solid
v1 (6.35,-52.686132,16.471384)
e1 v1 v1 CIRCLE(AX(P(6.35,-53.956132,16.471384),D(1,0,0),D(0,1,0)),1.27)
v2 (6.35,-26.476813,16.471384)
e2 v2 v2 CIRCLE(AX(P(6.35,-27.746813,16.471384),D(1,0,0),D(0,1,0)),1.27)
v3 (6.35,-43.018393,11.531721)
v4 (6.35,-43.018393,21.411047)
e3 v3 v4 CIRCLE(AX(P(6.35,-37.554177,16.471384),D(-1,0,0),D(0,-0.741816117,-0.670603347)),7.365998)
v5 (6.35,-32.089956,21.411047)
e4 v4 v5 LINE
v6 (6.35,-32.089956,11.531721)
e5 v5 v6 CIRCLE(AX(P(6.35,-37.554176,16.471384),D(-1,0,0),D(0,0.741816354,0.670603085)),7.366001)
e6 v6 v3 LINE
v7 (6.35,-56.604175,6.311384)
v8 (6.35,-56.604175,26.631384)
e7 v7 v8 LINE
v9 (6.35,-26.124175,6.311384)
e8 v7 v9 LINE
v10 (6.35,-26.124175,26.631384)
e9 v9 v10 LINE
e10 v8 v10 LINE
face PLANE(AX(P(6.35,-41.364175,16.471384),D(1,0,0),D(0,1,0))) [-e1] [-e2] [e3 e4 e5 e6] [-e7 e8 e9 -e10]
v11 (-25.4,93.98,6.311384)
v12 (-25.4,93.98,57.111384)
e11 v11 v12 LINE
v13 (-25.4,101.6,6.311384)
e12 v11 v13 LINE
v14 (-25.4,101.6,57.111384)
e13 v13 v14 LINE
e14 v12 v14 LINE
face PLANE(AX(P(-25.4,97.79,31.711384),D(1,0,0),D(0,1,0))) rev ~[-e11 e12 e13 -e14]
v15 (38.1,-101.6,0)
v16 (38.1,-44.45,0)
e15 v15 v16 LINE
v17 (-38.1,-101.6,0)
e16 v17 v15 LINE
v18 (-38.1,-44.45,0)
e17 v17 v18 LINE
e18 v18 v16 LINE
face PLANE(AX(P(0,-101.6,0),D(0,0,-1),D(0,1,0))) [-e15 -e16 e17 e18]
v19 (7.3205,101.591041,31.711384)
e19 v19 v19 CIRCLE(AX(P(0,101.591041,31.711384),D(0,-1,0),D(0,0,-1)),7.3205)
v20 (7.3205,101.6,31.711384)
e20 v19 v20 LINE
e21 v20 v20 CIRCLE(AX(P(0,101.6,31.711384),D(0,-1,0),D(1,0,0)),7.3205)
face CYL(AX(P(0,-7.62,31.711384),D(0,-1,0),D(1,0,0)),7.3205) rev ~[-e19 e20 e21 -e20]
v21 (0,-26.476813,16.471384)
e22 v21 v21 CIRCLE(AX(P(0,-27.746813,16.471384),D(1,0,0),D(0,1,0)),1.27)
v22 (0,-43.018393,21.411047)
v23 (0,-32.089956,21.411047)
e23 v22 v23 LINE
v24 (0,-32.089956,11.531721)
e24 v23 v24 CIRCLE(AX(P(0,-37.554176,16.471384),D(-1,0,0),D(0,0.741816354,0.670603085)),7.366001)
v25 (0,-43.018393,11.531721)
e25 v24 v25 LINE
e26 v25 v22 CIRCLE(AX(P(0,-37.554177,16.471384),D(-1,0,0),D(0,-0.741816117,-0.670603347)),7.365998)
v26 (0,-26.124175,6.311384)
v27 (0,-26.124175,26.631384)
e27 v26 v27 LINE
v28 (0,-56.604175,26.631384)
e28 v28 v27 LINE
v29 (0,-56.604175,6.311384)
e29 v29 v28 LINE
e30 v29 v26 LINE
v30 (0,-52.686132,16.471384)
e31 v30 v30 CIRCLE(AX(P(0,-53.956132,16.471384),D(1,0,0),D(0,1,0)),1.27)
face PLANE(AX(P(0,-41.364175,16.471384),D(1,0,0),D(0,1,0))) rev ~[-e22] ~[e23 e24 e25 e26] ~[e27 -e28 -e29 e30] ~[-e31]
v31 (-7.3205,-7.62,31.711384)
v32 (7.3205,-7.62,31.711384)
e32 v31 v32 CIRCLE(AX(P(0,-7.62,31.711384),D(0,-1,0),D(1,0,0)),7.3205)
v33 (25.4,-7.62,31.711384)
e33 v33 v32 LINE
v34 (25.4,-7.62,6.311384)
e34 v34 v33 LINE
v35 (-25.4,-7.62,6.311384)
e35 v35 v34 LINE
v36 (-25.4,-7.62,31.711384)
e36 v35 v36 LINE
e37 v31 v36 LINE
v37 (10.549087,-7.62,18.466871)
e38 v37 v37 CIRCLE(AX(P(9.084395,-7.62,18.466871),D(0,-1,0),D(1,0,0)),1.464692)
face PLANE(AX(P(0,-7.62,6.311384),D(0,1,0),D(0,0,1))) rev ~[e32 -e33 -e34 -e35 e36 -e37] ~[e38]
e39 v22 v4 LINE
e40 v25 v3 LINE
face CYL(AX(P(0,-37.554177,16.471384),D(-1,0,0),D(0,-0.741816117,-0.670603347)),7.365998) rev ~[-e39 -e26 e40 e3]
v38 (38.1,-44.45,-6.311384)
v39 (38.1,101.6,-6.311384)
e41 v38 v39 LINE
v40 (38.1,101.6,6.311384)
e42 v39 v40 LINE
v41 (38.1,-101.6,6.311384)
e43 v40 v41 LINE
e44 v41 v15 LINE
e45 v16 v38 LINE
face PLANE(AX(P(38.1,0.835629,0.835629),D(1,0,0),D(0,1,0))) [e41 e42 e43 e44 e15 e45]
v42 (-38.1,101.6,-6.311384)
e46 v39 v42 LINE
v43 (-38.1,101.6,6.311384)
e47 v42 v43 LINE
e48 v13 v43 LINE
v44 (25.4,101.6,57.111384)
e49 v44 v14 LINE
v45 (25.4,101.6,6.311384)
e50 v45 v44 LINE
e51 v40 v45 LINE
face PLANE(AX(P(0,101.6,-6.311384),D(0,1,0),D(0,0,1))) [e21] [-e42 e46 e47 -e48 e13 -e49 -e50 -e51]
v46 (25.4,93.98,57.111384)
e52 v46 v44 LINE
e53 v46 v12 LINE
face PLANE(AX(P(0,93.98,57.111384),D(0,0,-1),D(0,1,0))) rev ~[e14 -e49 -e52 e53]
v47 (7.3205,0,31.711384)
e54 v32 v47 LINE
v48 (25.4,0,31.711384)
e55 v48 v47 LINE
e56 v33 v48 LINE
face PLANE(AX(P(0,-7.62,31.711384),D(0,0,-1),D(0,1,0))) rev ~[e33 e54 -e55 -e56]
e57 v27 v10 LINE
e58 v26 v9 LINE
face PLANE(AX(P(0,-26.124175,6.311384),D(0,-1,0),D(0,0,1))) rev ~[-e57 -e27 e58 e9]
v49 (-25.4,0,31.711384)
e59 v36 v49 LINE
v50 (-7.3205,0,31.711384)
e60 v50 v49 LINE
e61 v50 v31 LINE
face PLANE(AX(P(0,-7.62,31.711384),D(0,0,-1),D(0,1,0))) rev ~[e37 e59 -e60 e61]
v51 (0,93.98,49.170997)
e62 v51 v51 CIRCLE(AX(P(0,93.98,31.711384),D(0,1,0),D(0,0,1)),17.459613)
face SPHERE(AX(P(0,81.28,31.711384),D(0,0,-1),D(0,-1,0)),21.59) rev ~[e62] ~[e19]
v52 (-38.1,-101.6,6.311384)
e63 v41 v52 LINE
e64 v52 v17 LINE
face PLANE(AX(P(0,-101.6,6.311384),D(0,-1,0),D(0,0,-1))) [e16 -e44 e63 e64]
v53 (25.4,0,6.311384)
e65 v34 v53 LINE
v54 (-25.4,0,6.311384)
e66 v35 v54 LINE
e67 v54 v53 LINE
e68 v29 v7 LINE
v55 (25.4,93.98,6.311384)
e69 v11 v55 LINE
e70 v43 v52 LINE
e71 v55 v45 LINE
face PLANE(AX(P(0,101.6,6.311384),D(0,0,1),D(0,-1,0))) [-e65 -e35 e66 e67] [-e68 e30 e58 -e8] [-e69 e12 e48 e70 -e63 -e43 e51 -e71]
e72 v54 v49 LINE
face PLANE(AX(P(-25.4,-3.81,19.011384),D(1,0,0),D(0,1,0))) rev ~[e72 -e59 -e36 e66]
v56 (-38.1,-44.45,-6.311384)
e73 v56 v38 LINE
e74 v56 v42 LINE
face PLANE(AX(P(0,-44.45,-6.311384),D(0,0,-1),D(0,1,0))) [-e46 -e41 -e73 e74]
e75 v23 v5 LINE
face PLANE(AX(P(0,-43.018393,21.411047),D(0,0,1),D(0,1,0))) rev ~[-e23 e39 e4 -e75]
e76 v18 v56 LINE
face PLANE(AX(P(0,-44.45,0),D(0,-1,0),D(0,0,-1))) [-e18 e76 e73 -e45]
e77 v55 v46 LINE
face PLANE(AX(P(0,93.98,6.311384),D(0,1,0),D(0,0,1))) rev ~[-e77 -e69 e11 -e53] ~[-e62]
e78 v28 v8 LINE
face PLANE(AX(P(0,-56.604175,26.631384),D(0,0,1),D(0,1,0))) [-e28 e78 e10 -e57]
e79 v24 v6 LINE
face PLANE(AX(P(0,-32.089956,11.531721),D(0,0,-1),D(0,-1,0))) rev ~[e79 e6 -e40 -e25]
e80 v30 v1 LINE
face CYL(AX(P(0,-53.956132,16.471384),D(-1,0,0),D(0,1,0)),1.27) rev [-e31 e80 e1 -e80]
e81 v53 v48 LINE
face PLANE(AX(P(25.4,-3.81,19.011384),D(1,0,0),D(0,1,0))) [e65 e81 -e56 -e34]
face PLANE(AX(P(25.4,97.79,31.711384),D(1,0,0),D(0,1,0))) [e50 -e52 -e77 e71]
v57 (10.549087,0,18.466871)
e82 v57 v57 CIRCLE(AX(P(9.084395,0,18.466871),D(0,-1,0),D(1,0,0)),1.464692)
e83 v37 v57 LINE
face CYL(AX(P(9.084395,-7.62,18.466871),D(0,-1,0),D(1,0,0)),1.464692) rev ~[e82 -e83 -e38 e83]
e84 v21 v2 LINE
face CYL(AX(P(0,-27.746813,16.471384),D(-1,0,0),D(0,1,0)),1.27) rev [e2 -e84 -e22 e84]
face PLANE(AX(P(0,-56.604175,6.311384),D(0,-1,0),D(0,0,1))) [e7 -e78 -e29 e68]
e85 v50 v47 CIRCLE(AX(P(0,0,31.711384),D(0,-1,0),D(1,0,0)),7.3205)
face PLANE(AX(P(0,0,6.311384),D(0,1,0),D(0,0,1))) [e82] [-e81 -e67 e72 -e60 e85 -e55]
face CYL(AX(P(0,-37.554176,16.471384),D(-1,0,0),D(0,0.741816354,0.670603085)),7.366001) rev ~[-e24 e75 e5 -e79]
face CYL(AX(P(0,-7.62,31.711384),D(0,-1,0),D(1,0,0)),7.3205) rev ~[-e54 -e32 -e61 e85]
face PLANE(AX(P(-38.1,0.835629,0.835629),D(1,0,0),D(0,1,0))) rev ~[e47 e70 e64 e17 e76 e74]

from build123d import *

# Parameters (mm, degrees)
F1_DEPTH  = 38.1
F0_W      = 30.48
F0_H      = 20.32
F0_R      = 1.27
F2_DEPTH  = 6.35
F0_W_2    = 7.62
F0_H_2    = 25.4
F3_DEPTH  = 25.4
F0_H_3    = 50.8
F4_DEPTH  = 25.4
F7_R      = 7.3205
F8_DEPTH  = 109.221
F9_R      = 1.464692
F10_DEPTH = 25.4


with BuildPart() as f1:
    # F0 (on Right) → F1 (new body, symmetric)
    with BuildSketch(Plane.YZ):
        Polygon((-56.604175, 6.311384), (-101.6, 6.311384), (-101.6, 0), (-44.45, 0), (-44.45, -6.311384), (101.6, -6.311384), (101.6, 6.311384), (93.98, 6.311384), (0, 6.311384), (-7.62, 6.311384), (-26.124175, 6.311384), align=None)
    extrude(amount=F1_DEPTH, both=True)

    # F0 (on Right) → F2 (join)
    with BuildSketch(Plane.YZ):
        with Locations((-41.364175, 16.471384)):
            Rectangle(F0_W, F0_H)
        with Locations((-53.956132, 16.471384)):
            Circle(F0_R, mode=Mode.SUBTRACT)
        with BuildLine():
            ThreePointArc((-32.089956, 21.411047), (-30.188175, 16.471384), (-32.089956, 11.531721))
            Line((-32.089956, 11.531721), (-43.018393, 11.531721))
            ThreePointArc((-43.018393, 11.531721), (-44.920175, 16.471384), (-43.018393, 21.411047))
            Line((-43.018393, 21.411047), (-32.089956, 21.411047))
        make_face(mode=Mode.SUBTRACT)
        with Locations((-27.746813, 16.471384)):
            Circle(F0_R, mode=Mode.SUBTRACT)
    extrude(amount=F2_DEPTH)

    # F0 (on Right) → F3 (join, symmetric)
    with BuildSketch(Plane.YZ):
        with Locations((-3.81, 19.011384)):
            Rectangle(F0_W_2, F0_H_2)
    extrude(amount=F3_DEPTH, both=True)

    # F0 (on Right) → F4 (join, symmetric)
    with BuildSketch(Plane.YZ):
        with Locations((97.79, 31.711384)):
            Rectangle(F0_W_2, F0_H_3)
    extrude(amount=F4_DEPTH, both=True)

    # F5 (on Right) → F6 (revolve, cut)
    with BuildSketch(Plane.YZ):
        with BuildLine():
            Line((81.28, 10.121384), (81.28, 53.301384))
            ThreePointArc((81.28, 53.301384), (59.69, 31.711384), (81.28, 10.121384))
        make_face()
    revolve(axis=Axis((0, 81.28, 31.711384), (0, 0, -1)), mode=Mode.SUBTRACT)

    # F7 (on face) → F8 (cut, through all)
    with BuildSketch(Plane.XZ.offset(7.62)):
        with Locations((0, 31.711384)):
            Circle(F7_R)
    extrude(amount=-F8_DEPTH, mode=Mode.SUBTRACT)

    # F9 (on face) → F10 (cut)
    with BuildSketch(Plane.XZ.offset(7.62)):
        with Locations((9.084395, 18.466871)):
            Circle(F9_R)
    extrude(amount=-F10_DEPTH, mode=Mode.SUBTRACT)


solid = f1.part
